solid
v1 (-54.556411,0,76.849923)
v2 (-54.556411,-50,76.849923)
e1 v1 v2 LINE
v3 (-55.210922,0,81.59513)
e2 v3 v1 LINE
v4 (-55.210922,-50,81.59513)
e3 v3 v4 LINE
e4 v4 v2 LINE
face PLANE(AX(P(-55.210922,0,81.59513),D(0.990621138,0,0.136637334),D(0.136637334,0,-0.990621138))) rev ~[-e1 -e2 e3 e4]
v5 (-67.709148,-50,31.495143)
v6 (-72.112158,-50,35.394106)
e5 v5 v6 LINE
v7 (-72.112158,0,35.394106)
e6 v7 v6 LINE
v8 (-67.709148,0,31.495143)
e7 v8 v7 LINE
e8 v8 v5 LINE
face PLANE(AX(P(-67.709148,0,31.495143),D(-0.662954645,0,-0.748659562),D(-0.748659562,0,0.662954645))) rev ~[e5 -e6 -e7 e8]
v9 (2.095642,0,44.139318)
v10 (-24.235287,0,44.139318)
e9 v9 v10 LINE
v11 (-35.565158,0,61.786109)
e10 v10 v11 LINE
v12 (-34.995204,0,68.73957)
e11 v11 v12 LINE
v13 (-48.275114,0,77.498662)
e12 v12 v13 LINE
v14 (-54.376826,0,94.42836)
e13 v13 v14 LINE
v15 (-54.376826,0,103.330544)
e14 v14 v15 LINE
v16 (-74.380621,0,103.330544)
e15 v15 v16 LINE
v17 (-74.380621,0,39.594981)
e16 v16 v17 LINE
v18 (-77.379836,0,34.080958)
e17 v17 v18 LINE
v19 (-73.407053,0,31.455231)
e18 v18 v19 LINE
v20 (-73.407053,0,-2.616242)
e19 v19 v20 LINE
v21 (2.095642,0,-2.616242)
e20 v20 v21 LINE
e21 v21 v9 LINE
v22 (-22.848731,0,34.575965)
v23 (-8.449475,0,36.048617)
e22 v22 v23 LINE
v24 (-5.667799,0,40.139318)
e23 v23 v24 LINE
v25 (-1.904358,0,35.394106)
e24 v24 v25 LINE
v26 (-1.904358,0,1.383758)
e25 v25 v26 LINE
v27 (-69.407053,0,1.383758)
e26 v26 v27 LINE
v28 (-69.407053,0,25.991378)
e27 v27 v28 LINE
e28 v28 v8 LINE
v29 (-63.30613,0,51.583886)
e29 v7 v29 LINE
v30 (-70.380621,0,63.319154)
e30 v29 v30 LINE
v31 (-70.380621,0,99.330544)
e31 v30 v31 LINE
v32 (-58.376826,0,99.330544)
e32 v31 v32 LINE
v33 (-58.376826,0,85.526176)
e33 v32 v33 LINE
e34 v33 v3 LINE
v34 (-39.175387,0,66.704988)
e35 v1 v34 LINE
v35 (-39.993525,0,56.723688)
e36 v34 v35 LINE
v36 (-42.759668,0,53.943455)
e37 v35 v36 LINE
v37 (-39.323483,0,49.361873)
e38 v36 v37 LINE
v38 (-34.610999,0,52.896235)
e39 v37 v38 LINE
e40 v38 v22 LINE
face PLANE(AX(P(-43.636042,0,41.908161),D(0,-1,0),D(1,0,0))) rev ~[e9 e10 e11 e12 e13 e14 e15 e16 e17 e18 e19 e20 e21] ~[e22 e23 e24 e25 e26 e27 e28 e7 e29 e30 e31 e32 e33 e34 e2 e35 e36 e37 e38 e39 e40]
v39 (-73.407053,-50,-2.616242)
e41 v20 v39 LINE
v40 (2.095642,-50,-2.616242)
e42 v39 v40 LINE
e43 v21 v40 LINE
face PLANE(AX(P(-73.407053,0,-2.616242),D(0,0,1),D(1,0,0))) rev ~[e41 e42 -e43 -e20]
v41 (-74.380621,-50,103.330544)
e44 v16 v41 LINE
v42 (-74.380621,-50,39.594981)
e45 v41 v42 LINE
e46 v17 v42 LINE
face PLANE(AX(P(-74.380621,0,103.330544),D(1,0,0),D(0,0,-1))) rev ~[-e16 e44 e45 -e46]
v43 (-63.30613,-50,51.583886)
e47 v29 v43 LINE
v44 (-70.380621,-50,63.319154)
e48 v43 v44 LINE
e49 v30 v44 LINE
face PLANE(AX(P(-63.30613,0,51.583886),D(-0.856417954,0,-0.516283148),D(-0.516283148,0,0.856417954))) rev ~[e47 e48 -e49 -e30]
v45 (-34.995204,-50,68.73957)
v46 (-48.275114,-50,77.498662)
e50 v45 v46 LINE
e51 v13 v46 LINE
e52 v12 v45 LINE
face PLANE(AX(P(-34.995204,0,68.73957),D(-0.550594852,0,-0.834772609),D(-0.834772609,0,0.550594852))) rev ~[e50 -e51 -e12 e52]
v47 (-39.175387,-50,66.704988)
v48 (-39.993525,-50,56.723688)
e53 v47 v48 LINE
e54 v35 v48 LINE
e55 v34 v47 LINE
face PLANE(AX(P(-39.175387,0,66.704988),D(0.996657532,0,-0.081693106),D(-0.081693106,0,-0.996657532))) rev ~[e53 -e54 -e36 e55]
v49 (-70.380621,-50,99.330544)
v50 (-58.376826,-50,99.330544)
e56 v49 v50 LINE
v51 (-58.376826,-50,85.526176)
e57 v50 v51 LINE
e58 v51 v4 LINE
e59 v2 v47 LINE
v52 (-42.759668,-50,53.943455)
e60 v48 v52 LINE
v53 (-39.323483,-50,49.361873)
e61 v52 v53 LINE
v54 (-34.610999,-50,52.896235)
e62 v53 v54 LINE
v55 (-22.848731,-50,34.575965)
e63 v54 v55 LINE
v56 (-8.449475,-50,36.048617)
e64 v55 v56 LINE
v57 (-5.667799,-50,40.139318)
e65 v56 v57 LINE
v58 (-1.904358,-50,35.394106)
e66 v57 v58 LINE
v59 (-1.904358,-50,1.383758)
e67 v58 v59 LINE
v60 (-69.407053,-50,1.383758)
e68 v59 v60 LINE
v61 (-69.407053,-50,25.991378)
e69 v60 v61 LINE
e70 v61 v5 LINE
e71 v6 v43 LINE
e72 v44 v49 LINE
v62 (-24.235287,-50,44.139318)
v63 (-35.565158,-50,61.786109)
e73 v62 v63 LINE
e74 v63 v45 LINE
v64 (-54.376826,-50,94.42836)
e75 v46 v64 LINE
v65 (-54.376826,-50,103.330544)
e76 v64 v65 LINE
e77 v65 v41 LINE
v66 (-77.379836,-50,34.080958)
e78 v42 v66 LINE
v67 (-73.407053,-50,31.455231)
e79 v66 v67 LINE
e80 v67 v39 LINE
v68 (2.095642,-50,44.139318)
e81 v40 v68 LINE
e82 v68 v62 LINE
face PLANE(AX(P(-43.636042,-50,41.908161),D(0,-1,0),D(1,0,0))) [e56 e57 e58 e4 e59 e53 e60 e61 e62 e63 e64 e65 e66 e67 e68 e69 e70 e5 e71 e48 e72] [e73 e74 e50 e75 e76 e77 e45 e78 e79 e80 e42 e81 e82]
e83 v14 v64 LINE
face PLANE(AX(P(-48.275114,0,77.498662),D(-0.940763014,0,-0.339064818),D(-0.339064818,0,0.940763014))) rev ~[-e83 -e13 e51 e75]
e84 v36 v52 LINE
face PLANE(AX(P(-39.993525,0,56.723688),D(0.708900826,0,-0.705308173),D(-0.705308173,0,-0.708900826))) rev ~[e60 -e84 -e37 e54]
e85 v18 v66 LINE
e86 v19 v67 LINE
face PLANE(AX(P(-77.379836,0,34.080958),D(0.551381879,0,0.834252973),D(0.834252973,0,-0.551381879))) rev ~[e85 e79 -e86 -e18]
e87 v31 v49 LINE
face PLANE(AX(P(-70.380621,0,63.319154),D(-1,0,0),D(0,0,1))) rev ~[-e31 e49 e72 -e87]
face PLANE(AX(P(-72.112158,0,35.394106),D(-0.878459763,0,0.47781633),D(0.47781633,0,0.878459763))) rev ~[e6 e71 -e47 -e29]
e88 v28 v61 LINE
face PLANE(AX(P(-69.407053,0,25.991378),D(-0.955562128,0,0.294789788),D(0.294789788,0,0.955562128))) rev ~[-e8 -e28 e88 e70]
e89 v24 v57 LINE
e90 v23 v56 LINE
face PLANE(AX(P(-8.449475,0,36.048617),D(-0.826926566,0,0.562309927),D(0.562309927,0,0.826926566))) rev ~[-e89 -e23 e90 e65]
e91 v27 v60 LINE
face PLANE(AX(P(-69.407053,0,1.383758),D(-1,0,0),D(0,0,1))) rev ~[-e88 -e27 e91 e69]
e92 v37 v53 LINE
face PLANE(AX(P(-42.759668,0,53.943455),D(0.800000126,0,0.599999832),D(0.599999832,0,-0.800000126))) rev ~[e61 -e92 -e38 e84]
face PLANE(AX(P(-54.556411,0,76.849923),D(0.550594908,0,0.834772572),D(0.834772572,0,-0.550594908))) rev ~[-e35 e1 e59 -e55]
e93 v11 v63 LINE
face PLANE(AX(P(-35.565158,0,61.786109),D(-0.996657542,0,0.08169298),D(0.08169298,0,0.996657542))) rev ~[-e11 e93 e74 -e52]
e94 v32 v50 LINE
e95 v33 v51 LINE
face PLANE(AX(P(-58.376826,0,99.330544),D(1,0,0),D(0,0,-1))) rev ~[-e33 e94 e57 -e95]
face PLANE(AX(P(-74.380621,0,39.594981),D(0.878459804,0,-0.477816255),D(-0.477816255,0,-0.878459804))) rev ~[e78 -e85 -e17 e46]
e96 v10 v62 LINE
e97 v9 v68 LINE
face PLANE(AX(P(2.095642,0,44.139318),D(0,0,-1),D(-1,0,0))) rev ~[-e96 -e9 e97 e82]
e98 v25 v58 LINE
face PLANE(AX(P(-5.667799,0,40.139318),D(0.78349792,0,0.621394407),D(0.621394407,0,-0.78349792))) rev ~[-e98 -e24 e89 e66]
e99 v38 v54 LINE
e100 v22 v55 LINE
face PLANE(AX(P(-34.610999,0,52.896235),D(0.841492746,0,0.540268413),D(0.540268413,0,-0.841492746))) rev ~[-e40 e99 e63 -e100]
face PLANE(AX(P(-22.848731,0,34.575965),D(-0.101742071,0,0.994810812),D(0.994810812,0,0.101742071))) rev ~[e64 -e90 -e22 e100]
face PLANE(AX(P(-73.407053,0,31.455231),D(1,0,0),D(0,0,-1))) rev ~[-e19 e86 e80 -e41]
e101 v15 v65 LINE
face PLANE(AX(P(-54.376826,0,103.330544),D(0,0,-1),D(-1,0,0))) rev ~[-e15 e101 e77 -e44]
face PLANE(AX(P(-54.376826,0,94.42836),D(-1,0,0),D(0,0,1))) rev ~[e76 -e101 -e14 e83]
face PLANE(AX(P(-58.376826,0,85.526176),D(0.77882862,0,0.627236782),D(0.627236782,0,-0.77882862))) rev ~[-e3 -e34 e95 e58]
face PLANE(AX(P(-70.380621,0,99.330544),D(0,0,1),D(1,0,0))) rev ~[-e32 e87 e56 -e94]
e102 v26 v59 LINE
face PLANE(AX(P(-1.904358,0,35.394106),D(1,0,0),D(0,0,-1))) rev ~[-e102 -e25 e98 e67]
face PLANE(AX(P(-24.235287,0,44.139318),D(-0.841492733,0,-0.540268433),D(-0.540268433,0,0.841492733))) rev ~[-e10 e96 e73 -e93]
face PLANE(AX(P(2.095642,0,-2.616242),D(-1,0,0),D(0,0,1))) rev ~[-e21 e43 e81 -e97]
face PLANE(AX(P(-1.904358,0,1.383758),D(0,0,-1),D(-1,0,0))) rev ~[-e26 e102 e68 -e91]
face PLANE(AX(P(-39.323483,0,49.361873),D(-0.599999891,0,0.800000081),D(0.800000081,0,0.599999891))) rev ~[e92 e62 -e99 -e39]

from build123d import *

# Parameters (mm, degrees)
F1_DEPTH = 50


with BuildPart() as f1:
    # F0 (on Front) → F1 (new body)
    with BuildSketch(Plane.XZ):
        Polygon((-54.376826, 94.42836), (-54.376826, 103.330544), (-74.380621, 103.330544), (-74.380621, 39.594981), (-77.379836, 34.080958), (-73.407053, 31.455231), (-73.407053, -2.616242), (2.095642, -2.616242), (2.095642, 44.139318), (-24.235287, 44.139318), (-35.565158, 61.786109), (-34.995204, 68.73957), (-48.275114, 77.498662), align=None)
        Polygon((-63.30613, 51.583886), (-70.380621, 63.319154), (-70.380621, 99.330544), (-58.376826, 99.330544), (-58.376826, 85.526176), (-55.210922, 81.59513), (-54.556411, 76.849923), (-39.175387, 66.704988), (-39.993525, 56.723688), (-42.759668, 53.943455), (-39.323483, 49.361873), (-34.610999, 52.896235), (-22.848731, 34.575965), (-8.449475, 36.048617), (-5.667799, 40.139318), (-1.904358, 35.394106), (-1.904358, 1.383758), (-69.407053, 1.383758), (-69.407053, 25.991378), (-67.709148, 31.495143), (-72.112158, 35.394106), align=None, mode=Mode.SUBTRACT)
    extrude(amount=F1_DEPTH)


solid = f1.part
